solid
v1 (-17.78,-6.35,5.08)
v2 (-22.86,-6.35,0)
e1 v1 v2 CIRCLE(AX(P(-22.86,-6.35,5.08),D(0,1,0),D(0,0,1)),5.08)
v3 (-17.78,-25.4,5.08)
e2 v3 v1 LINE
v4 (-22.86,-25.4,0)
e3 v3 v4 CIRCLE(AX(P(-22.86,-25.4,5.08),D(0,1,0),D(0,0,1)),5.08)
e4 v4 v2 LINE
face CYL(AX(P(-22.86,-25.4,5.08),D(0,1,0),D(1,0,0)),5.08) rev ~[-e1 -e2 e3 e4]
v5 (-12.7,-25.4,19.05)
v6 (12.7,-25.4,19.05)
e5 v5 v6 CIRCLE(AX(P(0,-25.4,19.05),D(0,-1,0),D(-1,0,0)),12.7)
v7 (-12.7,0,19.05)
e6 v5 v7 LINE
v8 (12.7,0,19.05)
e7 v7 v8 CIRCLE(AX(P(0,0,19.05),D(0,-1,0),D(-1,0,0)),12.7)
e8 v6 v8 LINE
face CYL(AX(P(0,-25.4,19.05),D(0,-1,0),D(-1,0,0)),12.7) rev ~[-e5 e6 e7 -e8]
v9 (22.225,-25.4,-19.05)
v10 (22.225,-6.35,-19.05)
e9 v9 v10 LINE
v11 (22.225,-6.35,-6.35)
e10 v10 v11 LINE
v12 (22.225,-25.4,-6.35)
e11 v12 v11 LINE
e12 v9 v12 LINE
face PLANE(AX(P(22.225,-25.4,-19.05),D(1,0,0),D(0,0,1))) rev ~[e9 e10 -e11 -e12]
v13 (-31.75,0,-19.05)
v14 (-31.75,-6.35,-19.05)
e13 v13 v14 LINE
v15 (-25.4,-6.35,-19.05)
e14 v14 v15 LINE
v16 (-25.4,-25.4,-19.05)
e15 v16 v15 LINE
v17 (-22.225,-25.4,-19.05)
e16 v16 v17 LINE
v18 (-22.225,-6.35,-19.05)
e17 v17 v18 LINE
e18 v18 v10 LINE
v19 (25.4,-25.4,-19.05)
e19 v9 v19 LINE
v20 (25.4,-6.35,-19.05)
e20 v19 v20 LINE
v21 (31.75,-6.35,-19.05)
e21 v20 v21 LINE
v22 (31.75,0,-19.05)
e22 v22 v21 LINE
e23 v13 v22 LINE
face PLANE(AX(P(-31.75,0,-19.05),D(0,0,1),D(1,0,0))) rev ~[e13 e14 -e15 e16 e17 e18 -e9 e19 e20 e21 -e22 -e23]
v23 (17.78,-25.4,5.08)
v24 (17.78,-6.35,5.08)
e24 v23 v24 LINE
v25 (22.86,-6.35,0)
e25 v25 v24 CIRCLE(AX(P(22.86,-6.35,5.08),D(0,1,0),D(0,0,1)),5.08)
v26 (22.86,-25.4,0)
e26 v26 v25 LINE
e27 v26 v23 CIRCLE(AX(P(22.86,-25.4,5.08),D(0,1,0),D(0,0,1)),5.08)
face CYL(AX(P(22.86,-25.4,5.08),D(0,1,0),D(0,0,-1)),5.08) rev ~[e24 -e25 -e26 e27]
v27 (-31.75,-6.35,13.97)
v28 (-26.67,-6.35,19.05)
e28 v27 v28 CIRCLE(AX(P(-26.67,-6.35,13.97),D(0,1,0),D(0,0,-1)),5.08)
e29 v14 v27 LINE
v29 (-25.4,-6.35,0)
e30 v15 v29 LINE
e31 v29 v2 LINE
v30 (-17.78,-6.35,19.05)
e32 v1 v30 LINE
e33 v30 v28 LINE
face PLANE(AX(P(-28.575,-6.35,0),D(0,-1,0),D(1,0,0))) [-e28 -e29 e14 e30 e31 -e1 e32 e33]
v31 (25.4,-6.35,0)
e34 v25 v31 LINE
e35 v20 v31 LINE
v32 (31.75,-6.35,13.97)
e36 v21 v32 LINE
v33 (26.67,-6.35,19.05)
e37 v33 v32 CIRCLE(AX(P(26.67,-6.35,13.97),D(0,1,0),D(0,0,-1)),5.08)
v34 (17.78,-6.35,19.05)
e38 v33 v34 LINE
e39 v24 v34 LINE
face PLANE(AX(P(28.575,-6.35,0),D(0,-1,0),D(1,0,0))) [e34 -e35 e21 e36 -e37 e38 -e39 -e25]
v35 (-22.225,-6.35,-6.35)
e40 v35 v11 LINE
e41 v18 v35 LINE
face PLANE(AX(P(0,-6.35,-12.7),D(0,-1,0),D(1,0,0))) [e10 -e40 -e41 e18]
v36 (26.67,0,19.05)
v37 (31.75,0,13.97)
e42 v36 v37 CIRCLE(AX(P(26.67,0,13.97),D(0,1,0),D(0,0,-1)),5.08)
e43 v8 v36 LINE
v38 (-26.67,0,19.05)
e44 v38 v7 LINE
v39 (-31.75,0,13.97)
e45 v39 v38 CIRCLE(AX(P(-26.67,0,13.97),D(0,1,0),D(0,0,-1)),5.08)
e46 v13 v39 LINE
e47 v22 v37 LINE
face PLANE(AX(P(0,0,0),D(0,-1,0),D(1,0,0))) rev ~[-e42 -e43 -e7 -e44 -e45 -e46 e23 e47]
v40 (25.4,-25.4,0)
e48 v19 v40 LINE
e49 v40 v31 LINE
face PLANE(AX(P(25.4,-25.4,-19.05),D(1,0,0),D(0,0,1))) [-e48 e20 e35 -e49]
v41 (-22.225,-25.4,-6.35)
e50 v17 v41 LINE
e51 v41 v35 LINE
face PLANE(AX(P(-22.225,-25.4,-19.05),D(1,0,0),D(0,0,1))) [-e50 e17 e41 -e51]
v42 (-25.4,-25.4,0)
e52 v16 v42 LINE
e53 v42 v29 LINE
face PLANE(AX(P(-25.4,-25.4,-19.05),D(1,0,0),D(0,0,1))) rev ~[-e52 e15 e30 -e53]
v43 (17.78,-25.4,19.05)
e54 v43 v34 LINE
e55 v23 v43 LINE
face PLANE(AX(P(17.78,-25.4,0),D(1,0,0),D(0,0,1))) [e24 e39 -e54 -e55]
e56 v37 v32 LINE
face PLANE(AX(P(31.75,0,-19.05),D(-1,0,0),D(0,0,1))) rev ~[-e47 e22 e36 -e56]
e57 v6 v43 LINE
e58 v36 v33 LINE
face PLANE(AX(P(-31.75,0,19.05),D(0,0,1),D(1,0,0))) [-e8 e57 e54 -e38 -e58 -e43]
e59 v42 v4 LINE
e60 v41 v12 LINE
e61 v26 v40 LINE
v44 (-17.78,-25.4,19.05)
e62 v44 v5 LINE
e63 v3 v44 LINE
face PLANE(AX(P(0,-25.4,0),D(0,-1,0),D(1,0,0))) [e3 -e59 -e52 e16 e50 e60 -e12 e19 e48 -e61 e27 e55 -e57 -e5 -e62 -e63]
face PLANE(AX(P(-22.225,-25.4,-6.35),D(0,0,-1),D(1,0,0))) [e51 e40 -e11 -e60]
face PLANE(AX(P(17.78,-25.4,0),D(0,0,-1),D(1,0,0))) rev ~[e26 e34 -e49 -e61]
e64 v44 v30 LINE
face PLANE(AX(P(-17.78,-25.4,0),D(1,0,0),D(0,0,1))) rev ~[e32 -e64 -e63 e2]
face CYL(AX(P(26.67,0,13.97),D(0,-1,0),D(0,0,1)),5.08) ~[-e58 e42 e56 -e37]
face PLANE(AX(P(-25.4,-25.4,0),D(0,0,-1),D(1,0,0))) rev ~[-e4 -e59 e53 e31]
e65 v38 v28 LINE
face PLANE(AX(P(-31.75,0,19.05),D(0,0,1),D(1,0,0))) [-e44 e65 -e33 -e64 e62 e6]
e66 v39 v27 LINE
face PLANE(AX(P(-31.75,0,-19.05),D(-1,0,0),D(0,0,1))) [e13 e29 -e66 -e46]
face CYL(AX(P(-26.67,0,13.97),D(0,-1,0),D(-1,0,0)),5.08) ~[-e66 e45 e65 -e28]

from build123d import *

# Parameters (mm, degrees)
F0_W      = 63.5
F0_H      = 38.1
F1_DEPTH  = 25.4
F3_DEPTH  = 38.1
F4_W      = 44.45
F4_H      = 12.7
F5_DEPTH  = 19.05
F6_W      = 6.35
F6_H      = 38.1
F7_DEPTH  = 19.05
F8_W      = 6.35
F8_H      = 38.1
F9_DEPTH  = 19.05
F10_R     = 5.08
F11_W     = 7.62
F11_H     = 19.05
F12_DEPTH = 19.05
F13_R     = 5.08
F14_W     = 7.62
F14_H     = 19.05
F15_DEPTH = 19.05
F16_R     = 5.08


with BuildPart() as f1:
    # F0 (on Front) → F1 (new body)
    with BuildSketch(Plane.XZ):
        Rectangle(F0_W, F0_H)
    extrude(amount=F1_DEPTH)

    # F2 (on face) → F3 (cut)
    with BuildSketch(Plane.XZ.offset(25.4)):
        with BuildLine():
            Line((12.7, 19.05), (-12.7, 19.05))
            ThreePointArc((-12.7, 19.05), (0, 6.35), (12.7, 19.05))
        make_face()
    extrude(amount=-F3_DEPTH, mode=Mode.SUBTRACT)

    # F4 (on face) → F5 (cut)
    with BuildSketch(Plane.XZ.offset(25.4)):
        with Locations((0, -12.7)):
            Rectangle(F4_W, F4_H)
    extrude(amount=-F5_DEPTH, mode=Mode.SUBTRACT)

    # F6 (on face) → F7 (cut)
    with BuildSketch(Plane.XZ.offset(25.4)):
        with Locations((-28.575, 0)):
            Rectangle(F6_W, F6_H)
    extrude(amount=-F7_DEPTH, mode=Mode.SUBTRACT)

    # F8 (on face) → F9 (cut)
    with BuildSketch(Plane.XZ.offset(25.4)):
        with Locations((28.575, 0)):
            Rectangle(F8_W, F8_H)
    extrude(amount=-F9_DEPTH, mode=Mode.SUBTRACT)

    # F10
    f10_edges = [f1.edges().sort_by_distance(p)[0] for p in [
        (31.75, -3.175, 19.05),
        (-31.75, -3.175, 19.05),
    ]]
    fillet(f10_edges, radius=F10_R)

    # F11 (on face) → F12 (cut)
    with BuildSketch(Plane.XZ.offset(25.4)):
        with Locations((-21.59, 9.525)):
            Rectangle(F11_W, F11_H)
    extrude(amount=-F12_DEPTH, mode=Mode.SUBTRACT)

    # F13
    f13_edges = [f1.edges().sort_by_distance(p)[0] for p in [
        (-17.78, -15.875, 0),
    ]]
    fillet(f13_edges, radius=F13_R)

    # F14 (on face) → F15 (cut)
    with BuildSketch(Plane.XZ.offset(25.4)):
        with Locations((21.59, 9.525)):
            Rectangle(F14_W, F14_H)
    extrude(amount=-F15_DEPTH, mode=Mode.SUBTRACT)

    # F16
    f16_edges = [f1.edges().sort_by_distance(p)[0] for p in [
        (17.78, -15.875, 0),
    ]]
    fillet(f16_edges, radius=F16_R)


solid = f1.part
